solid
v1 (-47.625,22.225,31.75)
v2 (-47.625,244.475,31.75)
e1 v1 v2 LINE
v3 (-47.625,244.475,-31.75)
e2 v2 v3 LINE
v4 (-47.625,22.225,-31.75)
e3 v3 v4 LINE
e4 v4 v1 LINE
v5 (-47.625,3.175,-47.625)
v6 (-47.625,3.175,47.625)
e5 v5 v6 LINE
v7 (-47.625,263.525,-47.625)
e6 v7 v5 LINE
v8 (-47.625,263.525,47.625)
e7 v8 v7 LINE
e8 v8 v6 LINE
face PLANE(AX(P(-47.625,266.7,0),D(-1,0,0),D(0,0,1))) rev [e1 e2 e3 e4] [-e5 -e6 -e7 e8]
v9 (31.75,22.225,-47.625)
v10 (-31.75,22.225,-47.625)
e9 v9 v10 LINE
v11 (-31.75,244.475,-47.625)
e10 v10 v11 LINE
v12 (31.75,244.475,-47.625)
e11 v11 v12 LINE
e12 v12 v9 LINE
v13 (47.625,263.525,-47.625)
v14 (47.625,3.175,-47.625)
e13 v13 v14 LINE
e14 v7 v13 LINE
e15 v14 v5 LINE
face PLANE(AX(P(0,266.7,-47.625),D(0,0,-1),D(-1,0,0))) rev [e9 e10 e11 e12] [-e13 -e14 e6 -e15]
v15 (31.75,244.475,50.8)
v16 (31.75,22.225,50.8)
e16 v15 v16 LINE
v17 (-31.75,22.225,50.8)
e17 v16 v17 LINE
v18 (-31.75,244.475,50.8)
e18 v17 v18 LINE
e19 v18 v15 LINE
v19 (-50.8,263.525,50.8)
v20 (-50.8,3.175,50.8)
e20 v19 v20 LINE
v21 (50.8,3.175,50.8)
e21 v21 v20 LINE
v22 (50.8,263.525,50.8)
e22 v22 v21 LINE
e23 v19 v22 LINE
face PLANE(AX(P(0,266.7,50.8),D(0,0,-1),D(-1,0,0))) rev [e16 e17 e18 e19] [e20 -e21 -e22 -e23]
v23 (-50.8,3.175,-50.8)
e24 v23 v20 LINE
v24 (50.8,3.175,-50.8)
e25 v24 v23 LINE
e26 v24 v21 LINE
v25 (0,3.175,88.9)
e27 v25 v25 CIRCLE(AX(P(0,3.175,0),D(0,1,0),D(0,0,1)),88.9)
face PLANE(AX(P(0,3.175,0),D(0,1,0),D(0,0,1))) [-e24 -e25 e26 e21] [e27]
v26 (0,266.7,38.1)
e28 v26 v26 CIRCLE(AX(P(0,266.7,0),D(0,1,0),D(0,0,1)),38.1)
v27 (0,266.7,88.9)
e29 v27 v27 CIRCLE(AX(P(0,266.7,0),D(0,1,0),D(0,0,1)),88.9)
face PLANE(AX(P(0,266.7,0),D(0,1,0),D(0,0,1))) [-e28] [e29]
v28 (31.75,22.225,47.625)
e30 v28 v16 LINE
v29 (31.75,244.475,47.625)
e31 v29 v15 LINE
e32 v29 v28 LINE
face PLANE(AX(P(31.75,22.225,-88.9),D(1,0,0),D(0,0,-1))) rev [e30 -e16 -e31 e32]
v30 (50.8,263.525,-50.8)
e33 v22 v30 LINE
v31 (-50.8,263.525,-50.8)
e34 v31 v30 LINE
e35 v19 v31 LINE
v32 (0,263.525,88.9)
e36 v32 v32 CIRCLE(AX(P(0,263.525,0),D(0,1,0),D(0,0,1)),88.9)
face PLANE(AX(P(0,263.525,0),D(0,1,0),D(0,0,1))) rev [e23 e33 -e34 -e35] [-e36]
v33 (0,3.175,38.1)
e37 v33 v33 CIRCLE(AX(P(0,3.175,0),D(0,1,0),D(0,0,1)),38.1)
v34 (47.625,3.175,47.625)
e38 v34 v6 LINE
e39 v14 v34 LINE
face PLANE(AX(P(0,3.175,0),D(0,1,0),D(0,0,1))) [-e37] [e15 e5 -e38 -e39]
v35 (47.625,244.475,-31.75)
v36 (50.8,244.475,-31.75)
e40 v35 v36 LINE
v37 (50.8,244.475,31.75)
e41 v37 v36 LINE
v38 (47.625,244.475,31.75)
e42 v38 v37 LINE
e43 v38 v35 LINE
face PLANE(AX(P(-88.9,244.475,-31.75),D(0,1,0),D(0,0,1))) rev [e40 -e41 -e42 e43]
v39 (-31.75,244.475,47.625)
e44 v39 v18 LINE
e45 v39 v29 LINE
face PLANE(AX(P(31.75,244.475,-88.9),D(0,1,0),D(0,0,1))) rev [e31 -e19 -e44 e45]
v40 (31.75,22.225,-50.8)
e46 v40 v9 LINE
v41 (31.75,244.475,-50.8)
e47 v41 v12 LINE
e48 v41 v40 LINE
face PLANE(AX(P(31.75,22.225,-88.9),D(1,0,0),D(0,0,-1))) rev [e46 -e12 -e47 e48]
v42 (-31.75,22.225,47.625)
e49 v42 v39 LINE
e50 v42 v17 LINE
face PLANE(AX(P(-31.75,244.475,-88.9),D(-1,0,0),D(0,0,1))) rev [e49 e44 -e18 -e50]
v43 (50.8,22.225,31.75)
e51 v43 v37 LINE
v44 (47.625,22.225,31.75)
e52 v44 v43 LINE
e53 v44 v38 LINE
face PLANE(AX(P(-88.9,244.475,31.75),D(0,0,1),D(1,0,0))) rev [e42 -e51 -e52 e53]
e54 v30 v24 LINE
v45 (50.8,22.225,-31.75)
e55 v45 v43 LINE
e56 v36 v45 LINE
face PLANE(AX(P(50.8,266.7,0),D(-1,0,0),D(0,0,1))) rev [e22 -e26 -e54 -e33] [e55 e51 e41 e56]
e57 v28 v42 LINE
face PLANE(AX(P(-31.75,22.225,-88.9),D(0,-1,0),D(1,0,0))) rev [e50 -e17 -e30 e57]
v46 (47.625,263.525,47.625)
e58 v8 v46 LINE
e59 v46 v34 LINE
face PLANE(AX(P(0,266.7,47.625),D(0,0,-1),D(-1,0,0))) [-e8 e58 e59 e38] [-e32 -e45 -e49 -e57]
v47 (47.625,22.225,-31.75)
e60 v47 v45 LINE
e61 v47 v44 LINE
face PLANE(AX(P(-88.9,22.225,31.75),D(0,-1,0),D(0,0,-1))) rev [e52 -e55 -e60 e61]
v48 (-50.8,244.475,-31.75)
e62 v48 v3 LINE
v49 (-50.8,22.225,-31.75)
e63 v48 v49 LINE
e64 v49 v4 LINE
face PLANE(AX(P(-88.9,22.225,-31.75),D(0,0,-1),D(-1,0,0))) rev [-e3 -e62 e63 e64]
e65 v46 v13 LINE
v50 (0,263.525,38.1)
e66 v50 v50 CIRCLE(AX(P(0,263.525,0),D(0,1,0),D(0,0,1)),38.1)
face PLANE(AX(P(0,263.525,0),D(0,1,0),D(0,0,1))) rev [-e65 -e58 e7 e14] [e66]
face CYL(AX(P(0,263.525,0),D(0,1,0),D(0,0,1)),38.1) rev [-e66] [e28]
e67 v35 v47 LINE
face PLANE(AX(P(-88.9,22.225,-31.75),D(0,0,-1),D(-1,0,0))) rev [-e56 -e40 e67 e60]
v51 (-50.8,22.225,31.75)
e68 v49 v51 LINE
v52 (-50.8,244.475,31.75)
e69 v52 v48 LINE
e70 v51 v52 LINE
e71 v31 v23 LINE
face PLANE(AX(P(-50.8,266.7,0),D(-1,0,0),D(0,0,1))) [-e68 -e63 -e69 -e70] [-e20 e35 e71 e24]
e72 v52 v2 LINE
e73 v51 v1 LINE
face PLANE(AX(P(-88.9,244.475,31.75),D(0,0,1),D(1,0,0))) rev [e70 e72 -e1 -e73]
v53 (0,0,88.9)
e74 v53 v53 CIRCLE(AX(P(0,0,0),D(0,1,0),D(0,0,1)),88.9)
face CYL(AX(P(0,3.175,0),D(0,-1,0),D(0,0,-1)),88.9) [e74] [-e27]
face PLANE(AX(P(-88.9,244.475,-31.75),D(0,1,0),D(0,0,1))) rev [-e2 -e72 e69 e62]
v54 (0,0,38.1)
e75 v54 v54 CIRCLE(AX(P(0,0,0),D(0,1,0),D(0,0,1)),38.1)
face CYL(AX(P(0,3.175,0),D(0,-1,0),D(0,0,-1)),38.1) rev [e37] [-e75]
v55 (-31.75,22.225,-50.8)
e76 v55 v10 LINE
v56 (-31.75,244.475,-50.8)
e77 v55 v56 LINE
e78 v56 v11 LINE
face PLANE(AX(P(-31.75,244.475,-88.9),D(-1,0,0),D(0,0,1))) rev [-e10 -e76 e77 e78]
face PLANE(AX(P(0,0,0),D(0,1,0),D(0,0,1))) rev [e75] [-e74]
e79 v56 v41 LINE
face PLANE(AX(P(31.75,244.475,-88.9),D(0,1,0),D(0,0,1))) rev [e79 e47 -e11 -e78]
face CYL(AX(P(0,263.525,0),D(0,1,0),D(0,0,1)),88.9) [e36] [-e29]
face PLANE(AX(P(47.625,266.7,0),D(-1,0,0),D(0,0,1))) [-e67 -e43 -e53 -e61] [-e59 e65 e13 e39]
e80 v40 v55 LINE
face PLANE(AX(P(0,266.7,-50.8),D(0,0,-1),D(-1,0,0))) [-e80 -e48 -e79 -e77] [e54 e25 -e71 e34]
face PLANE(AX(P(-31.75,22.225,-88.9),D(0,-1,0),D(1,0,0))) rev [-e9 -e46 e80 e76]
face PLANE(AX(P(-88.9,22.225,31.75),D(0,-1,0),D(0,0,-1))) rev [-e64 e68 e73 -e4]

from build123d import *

# Parameters (mm, degrees)
SKETCH2_R               = 88.9
SKETCH2_R_2             = 38.1
BOSS_EXTRUDE1_DEPTH     = 3.175
SKETCH2_4_W             = 101.6
SKETCH2_4_H             = 101.6
SKETCH2_4_W_2           = 95.25
SKETCH2_4_H_2           = 95.25
BOSS_EXTRUDE2_DEPTH     = 266.7
SKETCH3_R               = 88.9
SKETCH3_R_2             = 38.1
BOSS_EXTRUDE3_DEPTH     = 3.175
SKETCH4_W               = 63.5
SKETCH4_H               = 222.25
CUT_EXTRUDE1_DEPTH      = 89.9
CUT_EXTRUDE1_DEPTH_BACK = 89.9
SKETCH5_W               = 63.5
SKETCH5_H               = 222.25
CUT_EXTRUDE2_DEPTH      = 89.9
CUT_EXTRUDE2_DEPTH_BACK = 89.9


with BuildPart() as part:
    # Sketch2 → Boss-Extrude1 (new body)
    with BuildSketch(Plane(origin=(0, 0, 0), x_dir=(1, 0, 0), z_dir=(0, 1, 0))):
        Circle(SKETCH2_R)
        Circle(SKETCH2_R_2, mode=Mode.SUBTRACT)
    extrude(amount=BOSS_EXTRUDE1_DEPTH)

    # Sketch2<4> → Boss-Extrude2 (add)
    with BuildSketch(Plane(origin=(0, 0, 0), x_dir=(1, 0, 0), z_dir=(0, 1, 0))):
        Rectangle(SKETCH2_4_W, SKETCH2_4_H)
        Rectangle(SKETCH2_4_W_2, SKETCH2_4_H_2, mode=Mode.SUBTRACT)
    extrude(amount=BOSS_EXTRUDE2_DEPTH)

    # Sketch3 → Boss-Extrude3 (add)
    with BuildSketch(Plane(origin=(0, 266.7, 0), x_dir=(1, 0, 0), z_dir=(0, 1, 0))):
        Circle(SKETCH3_R)
        Circle(SKETCH3_R_2, mode=Mode.SUBTRACT)
    extrude(amount=-BOSS_EXTRUDE3_DEPTH)

    # Sketch4 → Cut-Extrude1 (cut, two sides)
    with BuildSketch(Plane.XY) as cut_extrude1_sk:
        with Locations((0, 133.35)):
            Rectangle(SKETCH4_W, SKETCH4_H)
    extrude(amount=CUT_EXTRUDE1_DEPTH, mode=Mode.SUBTRACT)
    extrude(cut_extrude1_sk.sketch, amount=-CUT_EXTRUDE1_DEPTH_BACK, mode=Mode.SUBTRACT)

    # Sketch5 → Cut-Extrude2 (cut, two sides)
    with BuildSketch(Plane(origin=(0, 0, 0), x_dir=(0, 0, -1), z_dir=(1, 0, 0))) as cut_extrude2_sk:
        with Locations((0, 133.35)):
            Rectangle(SKETCH5_W, SKETCH5_H)
    extrude(amount=CUT_EXTRUDE2_DEPTH, mode=Mode.SUBTRACT)
    extrude(cut_extrude2_sk.sketch, amount=-CUT_EXTRUDE2_DEPTH_BACK, mode=Mode.SUBTRACT)


solid = part.part
